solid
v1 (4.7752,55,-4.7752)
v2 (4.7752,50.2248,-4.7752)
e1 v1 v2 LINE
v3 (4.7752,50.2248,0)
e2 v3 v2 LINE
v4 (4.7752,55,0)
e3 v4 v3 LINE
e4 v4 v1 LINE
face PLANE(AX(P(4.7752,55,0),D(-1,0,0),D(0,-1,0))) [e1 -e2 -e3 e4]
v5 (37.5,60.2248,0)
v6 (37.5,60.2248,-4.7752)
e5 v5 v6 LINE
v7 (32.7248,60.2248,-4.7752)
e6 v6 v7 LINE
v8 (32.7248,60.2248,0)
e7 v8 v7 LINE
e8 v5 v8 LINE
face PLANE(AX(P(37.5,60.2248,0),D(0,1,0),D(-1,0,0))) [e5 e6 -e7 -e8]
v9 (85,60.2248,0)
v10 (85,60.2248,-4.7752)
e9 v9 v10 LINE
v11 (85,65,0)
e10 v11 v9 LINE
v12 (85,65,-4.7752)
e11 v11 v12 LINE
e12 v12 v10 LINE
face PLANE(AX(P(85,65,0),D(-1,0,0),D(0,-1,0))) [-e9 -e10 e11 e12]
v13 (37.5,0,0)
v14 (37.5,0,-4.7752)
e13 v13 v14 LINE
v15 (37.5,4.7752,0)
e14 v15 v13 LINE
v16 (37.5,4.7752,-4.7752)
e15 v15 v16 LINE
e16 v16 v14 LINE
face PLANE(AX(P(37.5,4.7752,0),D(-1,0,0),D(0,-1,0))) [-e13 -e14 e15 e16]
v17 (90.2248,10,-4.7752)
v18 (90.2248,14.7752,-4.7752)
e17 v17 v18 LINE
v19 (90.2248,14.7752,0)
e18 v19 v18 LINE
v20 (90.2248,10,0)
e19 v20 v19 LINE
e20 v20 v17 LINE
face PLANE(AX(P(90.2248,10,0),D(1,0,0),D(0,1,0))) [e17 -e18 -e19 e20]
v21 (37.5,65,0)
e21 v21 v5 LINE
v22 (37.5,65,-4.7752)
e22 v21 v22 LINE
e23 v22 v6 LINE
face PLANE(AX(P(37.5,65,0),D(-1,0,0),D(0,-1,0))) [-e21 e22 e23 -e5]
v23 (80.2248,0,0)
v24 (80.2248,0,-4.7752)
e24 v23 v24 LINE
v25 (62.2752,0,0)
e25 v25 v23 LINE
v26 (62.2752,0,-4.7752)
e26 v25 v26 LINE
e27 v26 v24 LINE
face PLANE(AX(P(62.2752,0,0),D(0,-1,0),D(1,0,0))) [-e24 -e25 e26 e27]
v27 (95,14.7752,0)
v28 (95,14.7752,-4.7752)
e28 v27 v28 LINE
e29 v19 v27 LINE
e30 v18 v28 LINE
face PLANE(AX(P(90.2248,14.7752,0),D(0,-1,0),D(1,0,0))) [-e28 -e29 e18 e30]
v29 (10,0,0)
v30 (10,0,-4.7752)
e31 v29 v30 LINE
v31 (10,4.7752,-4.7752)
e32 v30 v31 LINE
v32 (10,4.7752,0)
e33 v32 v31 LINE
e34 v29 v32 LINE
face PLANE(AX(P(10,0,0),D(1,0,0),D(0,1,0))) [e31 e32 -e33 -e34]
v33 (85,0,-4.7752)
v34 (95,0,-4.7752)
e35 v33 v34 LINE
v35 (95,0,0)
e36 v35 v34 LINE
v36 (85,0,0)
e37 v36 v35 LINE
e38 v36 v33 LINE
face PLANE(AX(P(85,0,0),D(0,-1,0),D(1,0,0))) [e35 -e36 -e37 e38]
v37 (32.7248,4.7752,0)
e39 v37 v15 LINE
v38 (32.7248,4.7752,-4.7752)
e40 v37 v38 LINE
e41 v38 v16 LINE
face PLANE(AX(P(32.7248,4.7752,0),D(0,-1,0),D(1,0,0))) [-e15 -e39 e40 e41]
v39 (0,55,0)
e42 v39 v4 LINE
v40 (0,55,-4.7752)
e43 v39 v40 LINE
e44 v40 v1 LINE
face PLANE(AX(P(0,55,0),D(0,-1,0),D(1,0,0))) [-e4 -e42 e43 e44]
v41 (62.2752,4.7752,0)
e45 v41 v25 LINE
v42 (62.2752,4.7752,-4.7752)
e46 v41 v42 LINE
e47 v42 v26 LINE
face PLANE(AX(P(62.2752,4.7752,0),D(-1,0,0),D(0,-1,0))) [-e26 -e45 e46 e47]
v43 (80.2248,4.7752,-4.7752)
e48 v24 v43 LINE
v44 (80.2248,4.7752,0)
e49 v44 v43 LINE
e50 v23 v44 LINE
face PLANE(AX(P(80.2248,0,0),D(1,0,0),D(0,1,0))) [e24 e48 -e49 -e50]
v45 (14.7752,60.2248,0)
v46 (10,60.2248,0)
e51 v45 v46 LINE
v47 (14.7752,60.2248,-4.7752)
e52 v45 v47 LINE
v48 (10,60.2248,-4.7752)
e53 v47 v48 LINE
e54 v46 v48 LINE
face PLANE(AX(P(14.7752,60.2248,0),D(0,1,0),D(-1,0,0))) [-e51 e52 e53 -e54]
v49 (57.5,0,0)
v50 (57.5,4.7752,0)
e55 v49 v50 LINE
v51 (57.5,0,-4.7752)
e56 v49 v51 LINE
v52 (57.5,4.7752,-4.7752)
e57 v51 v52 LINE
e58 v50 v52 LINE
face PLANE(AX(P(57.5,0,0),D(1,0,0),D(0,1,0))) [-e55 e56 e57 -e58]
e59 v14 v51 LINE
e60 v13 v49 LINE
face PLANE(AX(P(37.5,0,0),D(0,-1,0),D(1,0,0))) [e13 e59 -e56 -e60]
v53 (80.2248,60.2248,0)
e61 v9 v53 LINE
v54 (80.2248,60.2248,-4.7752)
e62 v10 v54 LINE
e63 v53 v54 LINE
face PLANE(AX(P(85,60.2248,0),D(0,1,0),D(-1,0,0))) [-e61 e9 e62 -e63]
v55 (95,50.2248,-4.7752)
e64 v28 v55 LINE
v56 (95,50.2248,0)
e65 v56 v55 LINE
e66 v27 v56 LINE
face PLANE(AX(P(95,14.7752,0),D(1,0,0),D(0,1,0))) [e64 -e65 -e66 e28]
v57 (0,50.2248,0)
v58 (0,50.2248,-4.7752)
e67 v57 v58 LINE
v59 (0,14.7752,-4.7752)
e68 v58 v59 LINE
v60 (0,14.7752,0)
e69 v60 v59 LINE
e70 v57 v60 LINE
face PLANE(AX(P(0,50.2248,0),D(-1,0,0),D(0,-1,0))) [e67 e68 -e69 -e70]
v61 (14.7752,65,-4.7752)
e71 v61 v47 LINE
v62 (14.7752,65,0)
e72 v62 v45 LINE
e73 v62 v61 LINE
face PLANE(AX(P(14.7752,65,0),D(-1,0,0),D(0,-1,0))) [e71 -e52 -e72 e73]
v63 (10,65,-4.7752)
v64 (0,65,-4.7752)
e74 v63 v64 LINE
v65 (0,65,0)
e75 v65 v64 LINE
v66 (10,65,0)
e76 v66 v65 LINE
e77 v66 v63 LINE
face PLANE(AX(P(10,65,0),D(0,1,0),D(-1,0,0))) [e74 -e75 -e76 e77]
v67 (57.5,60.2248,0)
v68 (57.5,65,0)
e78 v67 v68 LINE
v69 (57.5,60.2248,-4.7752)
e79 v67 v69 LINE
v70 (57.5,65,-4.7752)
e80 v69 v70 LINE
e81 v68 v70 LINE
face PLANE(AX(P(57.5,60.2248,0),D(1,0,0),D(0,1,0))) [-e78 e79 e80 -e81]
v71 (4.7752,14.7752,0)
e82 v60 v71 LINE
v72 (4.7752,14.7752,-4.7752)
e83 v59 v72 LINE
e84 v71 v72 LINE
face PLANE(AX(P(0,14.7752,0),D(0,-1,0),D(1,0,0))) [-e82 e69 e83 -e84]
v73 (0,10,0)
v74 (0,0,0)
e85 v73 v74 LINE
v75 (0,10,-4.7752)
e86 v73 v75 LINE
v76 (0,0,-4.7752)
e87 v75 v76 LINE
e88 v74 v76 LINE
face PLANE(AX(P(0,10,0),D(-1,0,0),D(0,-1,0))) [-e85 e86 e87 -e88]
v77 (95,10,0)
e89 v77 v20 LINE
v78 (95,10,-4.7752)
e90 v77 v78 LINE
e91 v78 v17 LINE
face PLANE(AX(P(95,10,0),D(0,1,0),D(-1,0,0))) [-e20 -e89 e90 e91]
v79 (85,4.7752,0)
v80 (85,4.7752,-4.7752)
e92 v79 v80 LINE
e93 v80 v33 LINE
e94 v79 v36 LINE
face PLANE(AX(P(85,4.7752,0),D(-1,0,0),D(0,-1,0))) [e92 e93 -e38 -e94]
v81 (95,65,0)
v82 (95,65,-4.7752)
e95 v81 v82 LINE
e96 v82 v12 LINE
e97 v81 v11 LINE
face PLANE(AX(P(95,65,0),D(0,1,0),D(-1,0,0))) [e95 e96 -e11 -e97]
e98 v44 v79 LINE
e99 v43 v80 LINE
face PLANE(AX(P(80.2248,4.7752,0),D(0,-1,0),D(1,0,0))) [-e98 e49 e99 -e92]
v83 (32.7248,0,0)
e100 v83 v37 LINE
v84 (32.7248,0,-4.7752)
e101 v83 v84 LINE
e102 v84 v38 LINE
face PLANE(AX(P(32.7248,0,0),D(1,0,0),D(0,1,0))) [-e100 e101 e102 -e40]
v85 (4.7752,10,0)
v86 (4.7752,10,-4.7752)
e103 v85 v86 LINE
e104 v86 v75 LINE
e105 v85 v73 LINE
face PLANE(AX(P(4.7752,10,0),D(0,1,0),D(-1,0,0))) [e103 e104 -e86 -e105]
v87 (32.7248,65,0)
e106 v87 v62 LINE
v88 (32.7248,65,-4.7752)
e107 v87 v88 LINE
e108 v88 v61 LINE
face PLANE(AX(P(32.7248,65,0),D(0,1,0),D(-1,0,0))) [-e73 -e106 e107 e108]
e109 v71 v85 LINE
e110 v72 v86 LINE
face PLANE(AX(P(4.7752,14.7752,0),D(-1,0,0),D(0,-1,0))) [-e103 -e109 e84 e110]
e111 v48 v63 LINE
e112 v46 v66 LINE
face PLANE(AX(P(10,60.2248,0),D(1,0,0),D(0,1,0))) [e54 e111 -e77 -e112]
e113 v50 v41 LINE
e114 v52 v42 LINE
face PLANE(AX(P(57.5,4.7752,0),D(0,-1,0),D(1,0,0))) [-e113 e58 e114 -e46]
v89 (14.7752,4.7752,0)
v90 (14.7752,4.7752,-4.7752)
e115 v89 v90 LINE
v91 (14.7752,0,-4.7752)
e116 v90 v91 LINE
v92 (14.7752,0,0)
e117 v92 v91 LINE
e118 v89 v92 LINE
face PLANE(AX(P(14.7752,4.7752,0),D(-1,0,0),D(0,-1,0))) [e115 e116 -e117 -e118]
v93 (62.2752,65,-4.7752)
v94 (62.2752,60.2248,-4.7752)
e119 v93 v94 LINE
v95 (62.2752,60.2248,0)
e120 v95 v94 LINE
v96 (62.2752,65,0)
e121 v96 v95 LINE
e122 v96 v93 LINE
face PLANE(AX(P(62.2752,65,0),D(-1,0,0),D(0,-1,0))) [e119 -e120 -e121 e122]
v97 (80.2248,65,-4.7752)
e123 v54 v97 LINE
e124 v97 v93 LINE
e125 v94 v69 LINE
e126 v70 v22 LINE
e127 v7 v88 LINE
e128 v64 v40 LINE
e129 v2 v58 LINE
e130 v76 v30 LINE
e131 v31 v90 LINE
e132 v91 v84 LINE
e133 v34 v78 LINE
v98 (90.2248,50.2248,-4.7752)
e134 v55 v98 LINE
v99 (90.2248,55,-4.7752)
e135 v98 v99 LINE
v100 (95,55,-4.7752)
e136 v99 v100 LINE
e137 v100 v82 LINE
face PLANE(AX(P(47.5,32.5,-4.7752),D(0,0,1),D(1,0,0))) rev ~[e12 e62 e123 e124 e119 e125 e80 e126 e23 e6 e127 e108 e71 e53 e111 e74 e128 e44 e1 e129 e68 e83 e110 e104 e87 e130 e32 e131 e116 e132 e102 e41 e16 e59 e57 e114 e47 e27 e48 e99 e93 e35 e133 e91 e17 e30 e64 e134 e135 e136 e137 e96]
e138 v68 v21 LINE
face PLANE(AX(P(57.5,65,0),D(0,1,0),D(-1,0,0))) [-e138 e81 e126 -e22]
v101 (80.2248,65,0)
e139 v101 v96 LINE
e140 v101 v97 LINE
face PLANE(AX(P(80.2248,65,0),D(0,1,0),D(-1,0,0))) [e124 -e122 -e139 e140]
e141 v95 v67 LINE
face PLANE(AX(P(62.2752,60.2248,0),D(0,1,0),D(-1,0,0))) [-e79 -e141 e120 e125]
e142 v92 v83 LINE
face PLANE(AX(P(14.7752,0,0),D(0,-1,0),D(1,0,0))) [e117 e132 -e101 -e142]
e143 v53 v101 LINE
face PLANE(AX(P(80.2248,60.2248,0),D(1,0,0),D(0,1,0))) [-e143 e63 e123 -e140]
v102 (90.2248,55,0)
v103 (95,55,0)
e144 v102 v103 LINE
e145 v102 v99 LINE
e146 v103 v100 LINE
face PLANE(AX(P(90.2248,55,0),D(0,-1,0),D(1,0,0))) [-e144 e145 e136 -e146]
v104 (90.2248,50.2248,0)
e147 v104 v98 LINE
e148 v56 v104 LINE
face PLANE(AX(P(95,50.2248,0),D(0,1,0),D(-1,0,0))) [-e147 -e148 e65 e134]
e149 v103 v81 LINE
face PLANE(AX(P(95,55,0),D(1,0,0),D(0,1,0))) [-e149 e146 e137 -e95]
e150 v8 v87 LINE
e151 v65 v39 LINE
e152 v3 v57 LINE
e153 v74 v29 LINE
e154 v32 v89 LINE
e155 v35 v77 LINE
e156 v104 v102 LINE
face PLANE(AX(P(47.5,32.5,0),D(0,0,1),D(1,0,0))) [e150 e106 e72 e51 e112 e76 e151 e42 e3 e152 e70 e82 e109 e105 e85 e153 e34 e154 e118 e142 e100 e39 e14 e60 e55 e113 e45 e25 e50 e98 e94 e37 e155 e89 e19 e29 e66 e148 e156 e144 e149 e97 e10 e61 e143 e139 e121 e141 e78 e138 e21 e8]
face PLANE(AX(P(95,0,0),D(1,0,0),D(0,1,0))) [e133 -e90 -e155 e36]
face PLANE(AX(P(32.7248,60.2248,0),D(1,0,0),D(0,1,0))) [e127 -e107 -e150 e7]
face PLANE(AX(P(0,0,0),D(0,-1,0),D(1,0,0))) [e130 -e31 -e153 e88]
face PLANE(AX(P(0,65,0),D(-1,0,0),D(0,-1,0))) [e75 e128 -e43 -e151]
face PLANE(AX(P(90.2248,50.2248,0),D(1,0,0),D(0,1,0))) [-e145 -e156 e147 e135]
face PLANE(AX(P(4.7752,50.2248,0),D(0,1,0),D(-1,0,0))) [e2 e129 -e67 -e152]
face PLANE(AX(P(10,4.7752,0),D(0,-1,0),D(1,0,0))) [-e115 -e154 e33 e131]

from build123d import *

# Parameters (mm, degrees)
BOSS_EXTRUDE1_DEPTH = 4.7752


with BuildPart() as part:
    # Sketch3 → Boss-Extrude1 (new body)
    with BuildSketch(Plane.XY):
        Polygon((10, 0), (10, 4.7752), (14.7752, 4.7752), (14.7752, 0), (32.7248, 0), (32.7248, 4.7752), (37.5, 4.7752), (37.5, 0), (47.5, 0), (57.5, 0), (57.5, 4.7752), (62.2752, 4.7752), (62.2752, 0), (80.2248, 0), (80.2248, 4.7752), (85, 4.7752), (85, 0), (95, 0), (95, 10), (90.2248, 10), (90.2248, 14.7752), (95, 14.7752), (95, 32.5), (95, 50.2248), (90.2248, 50.2248), (90.2248, 55), (95, 55), (95, 65), (85, 65), (85, 60.2248), (80.2248, 60.2248), (80.2248, 65), (62.2752, 65), (62.2752, 60.2248), (57.5, 60.2248), (57.5, 65), (37.5, 65), (37.5, 60.2248), (32.7248, 60.2248), (32.7248, 65), (14.7752, 65), (14.7752, 60.2248), (10, 60.2248), (10, 65), (0, 65), (0, 55), (4.7752, 55), (4.7752, 50.2248), (0, 50.2248), (0, 14.7752), (4.7752, 14.7752), (4.7752, 10), (0, 10), (0, 0), align=None)
    extrude(amount=-BOSS_EXTRUDE1_DEPTH)


solid = part.part
